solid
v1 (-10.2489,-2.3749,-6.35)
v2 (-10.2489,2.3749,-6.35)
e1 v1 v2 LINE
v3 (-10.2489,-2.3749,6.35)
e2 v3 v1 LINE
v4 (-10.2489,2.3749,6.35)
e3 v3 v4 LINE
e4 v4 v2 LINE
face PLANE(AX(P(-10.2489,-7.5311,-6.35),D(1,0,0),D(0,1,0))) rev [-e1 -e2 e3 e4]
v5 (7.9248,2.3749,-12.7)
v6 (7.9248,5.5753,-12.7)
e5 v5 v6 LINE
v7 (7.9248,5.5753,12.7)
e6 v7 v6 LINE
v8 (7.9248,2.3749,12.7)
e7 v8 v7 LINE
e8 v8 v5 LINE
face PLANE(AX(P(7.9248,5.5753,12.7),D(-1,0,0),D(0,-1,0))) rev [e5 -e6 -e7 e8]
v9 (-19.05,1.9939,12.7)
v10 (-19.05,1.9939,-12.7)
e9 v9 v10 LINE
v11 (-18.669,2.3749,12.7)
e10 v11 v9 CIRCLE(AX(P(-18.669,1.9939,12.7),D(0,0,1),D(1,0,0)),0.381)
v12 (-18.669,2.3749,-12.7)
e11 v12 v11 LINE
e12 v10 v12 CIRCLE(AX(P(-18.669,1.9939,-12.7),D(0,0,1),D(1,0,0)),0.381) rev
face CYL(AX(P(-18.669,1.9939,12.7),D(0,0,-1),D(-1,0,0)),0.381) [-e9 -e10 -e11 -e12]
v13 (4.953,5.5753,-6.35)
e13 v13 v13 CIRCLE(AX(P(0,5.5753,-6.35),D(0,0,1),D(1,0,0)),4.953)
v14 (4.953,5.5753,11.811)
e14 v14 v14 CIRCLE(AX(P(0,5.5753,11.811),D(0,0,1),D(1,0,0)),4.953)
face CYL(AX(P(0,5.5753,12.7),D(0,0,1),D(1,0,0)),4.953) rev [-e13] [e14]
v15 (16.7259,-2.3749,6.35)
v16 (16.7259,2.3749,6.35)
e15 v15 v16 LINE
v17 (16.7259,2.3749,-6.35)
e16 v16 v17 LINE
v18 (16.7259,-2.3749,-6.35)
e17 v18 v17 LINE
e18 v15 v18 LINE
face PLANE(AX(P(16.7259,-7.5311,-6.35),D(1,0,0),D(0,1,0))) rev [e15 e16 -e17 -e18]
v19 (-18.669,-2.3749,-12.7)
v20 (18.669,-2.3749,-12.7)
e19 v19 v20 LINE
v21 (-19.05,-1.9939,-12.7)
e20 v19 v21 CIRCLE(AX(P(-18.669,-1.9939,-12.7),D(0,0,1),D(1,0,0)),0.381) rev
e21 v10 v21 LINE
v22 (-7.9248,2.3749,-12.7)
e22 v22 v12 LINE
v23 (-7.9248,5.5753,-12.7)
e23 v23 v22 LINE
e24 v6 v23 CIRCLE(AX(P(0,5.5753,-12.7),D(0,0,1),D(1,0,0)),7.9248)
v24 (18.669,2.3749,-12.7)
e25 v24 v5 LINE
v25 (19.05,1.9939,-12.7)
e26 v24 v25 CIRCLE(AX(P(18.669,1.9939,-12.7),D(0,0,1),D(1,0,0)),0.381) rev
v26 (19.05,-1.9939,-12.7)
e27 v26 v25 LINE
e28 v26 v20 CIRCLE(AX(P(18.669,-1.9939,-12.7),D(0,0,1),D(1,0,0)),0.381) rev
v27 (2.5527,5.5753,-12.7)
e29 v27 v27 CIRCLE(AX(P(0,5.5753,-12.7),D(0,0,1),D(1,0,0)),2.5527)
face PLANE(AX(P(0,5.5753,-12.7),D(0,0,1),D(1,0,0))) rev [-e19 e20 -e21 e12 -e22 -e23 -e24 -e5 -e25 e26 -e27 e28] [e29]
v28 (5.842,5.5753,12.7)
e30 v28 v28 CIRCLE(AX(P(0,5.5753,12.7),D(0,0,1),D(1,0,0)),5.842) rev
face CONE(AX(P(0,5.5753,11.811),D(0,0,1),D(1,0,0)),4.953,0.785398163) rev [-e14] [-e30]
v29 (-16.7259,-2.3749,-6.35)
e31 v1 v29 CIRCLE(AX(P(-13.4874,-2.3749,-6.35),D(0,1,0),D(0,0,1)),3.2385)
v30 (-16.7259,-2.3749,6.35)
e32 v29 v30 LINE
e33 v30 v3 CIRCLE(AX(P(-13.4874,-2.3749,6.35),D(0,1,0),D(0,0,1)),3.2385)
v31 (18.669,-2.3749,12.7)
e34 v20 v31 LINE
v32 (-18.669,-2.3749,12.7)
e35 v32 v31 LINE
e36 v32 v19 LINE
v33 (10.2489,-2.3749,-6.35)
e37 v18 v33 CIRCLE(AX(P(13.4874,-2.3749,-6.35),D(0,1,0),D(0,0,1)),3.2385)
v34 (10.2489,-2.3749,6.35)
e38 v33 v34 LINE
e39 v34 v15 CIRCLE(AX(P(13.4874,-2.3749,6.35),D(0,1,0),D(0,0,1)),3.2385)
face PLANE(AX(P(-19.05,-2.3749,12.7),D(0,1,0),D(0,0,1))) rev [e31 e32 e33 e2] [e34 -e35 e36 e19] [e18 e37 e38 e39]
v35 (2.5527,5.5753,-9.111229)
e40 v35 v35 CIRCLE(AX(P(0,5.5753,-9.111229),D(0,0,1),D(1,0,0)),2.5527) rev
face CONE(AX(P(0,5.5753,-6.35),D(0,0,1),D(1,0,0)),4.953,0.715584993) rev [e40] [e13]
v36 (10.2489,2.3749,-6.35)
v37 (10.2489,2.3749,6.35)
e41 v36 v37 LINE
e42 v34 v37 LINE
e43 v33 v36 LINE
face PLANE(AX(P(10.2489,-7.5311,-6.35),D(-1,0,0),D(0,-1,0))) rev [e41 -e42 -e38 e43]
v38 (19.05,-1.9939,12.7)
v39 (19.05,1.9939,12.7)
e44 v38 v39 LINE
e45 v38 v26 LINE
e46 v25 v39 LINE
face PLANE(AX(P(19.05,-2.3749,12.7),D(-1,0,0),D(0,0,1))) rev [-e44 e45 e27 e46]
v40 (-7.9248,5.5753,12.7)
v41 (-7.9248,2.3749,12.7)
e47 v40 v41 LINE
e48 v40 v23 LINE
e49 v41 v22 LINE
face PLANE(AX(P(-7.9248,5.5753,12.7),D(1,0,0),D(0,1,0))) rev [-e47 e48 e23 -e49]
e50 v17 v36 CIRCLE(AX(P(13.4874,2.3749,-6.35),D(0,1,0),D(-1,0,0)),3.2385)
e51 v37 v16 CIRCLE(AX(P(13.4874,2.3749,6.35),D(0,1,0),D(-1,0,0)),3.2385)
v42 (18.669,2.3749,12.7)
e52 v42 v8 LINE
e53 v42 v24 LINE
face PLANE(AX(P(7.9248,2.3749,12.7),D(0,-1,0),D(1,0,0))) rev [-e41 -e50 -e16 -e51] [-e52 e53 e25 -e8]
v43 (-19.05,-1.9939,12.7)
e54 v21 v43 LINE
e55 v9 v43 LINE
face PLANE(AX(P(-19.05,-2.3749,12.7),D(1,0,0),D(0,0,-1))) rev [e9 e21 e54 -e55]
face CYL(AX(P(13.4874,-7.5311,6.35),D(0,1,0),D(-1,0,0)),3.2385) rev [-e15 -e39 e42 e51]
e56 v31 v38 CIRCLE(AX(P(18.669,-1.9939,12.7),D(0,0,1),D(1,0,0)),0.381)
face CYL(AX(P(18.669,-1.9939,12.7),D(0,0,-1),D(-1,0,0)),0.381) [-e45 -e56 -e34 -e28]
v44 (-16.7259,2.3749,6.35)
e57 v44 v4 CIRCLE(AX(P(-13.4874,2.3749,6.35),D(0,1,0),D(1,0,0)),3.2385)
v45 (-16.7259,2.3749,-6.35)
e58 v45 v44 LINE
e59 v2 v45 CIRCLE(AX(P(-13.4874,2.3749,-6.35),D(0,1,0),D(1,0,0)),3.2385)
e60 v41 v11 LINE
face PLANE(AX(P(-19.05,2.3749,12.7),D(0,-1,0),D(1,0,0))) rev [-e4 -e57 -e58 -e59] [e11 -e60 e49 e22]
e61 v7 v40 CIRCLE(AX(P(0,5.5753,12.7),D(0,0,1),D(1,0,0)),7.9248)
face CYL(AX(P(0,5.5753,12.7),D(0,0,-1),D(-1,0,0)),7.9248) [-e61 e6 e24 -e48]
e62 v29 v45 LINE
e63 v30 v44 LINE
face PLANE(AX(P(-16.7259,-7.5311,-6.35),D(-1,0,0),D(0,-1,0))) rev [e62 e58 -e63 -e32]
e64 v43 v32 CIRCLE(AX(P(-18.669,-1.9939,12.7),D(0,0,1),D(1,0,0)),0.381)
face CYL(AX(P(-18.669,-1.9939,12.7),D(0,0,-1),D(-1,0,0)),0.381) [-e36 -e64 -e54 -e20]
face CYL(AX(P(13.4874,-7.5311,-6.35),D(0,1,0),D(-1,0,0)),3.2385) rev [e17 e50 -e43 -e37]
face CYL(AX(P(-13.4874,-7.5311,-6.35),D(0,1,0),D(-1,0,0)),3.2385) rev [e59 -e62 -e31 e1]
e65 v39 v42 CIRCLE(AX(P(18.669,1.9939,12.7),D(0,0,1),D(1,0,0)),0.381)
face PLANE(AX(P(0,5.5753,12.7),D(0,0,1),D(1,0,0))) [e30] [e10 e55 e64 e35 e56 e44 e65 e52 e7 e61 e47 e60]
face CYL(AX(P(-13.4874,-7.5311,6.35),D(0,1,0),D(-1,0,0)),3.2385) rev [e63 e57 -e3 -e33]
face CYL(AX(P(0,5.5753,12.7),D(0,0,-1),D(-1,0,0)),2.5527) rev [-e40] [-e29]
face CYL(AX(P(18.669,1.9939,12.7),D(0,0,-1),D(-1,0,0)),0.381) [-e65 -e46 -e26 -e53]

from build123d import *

# Parameters (mm, degrees)
SKETCH1_R                      = 2.5527
BOSS_EXTRUDE1_DEPTH            = 12.7
FILLET1_R                      = 0.381
F_1_2_0_5_DIAMETER_HOLE2_D     = 9.906
F_1_2_0_5_DIAMETER_HOLE2_DEPTH = 19.05
F_1_2_0_5_DIAMETER_HOLE2_TIP   = 5.697774721
CHAMFER2_SIZE                  = 0.889
CUT_EXTRUDE1_DEPTH             = 9.906


with BuildPart() as part:
    # Sketch1 → Boss-Extrude1 (new, symmetric)
    with BuildSketch(Plane.XY):
        with BuildLine():
            Line((-19.05, -2.3749), (19.05, -2.3749))
            Line((19.05, -2.3749), (19.05, 2.3749))
            Line((19.05, 2.3749), (7.9248, 2.3749))
            Line((7.9248, 2.3749), (7.9248, 5.5753))
            ThreePointArc((7.9248, 5.5753), (0, 13.5001), (-7.9248, 5.5753))
            Line((-7.9248, 5.5753), (-7.9248, 2.3749))
            Line((-7.9248, 2.3749), (-19.05, 2.3749))
            Line((-19.05, 2.3749), (-19.05, -2.3749))
        make_face()
        with Locations((0, 5.5753)):
            Circle(SKETCH1_R, mode=Mode.SUBTRACT)
    extrude(amount=BOSS_EXTRUDE1_DEPTH, both=True)

    # Fillet1
    fillet1_edges = [part.edges().sort_by_distance(p)[0] for p in [
        (19.05, 2.3749, 0),
        (19.05, -2.3749, 0),
        (-19.05, -2.3749, 0),
        (-19.05, 2.3749, 0),
    ]]
    fillet(fillet1_edges, radius=FILLET1_R)

    # 1/2 (0.5) Diameter Hole2
    with Locations(Plane.XY.offset(12.7)):
        with Locations((0, 5.5753)):
            Hole(F_1_2_0_5_DIAMETER_HOLE2_D / 2, depth=F_1_2_0_5_DIAMETER_HOLE2_DEPTH)
            with Locations((0, 0, -(F_1_2_0_5_DIAMETER_HOLE2_DEPTH + F_1_2_0_5_DIAMETER_HOLE2_TIP / 2))):  # 82° drill point
                Cone(0, F_1_2_0_5_DIAMETER_HOLE2_D / 2, F_1_2_0_5_DIAMETER_HOLE2_TIP, mode=Mode.SUBTRACT)

    # Chamfer2
    chamfer2_edges = [part.edges().sort_by_distance(p)[0] for p in [
        (4.953, 5.5753, 12.7),
    ]]
    chamfer(chamfer2_edges, length=CHAMFER2_SIZE)

    # Sketch9 → Cut-Extrude1 (cut)
    with BuildSketch(Plane(origin=(0, 2.3749, 0), x_dir=(1, 0, 0), z_dir=(0, 1, 0))):
        with BuildLine():
            Line((16.7259, 6.35), (16.7259, -6.35))
            ThreePointArc((16.7259, -6.35), (13.4874, -9.5885), (10.2489, -6.35))
            Line((10.2489, -6.35), (10.2489, 6.35))
            ThreePointArc((10.2489, 6.35), (13.4874, 9.5885), (16.7259, 6.35))
        make_face()
        with BuildLine():
            Line((-16.7259, 6.35), (-16.7259, -6.35))
            ThreePointArc((-16.7259, -6.35), (-13.4874, -9.5885), (-10.2489, -6.35))
            Line((-10.2489, -6.35), (-10.2489, 6.35))
            ThreePointArc((-10.2489, 6.35), (-13.4874, 9.5885), (-16.7259, 6.35))
        make_face()
    extrude(amount=-CUT_EXTRUDE1_DEPTH, mode=Mode.SUBTRACT)


solid = part.part
